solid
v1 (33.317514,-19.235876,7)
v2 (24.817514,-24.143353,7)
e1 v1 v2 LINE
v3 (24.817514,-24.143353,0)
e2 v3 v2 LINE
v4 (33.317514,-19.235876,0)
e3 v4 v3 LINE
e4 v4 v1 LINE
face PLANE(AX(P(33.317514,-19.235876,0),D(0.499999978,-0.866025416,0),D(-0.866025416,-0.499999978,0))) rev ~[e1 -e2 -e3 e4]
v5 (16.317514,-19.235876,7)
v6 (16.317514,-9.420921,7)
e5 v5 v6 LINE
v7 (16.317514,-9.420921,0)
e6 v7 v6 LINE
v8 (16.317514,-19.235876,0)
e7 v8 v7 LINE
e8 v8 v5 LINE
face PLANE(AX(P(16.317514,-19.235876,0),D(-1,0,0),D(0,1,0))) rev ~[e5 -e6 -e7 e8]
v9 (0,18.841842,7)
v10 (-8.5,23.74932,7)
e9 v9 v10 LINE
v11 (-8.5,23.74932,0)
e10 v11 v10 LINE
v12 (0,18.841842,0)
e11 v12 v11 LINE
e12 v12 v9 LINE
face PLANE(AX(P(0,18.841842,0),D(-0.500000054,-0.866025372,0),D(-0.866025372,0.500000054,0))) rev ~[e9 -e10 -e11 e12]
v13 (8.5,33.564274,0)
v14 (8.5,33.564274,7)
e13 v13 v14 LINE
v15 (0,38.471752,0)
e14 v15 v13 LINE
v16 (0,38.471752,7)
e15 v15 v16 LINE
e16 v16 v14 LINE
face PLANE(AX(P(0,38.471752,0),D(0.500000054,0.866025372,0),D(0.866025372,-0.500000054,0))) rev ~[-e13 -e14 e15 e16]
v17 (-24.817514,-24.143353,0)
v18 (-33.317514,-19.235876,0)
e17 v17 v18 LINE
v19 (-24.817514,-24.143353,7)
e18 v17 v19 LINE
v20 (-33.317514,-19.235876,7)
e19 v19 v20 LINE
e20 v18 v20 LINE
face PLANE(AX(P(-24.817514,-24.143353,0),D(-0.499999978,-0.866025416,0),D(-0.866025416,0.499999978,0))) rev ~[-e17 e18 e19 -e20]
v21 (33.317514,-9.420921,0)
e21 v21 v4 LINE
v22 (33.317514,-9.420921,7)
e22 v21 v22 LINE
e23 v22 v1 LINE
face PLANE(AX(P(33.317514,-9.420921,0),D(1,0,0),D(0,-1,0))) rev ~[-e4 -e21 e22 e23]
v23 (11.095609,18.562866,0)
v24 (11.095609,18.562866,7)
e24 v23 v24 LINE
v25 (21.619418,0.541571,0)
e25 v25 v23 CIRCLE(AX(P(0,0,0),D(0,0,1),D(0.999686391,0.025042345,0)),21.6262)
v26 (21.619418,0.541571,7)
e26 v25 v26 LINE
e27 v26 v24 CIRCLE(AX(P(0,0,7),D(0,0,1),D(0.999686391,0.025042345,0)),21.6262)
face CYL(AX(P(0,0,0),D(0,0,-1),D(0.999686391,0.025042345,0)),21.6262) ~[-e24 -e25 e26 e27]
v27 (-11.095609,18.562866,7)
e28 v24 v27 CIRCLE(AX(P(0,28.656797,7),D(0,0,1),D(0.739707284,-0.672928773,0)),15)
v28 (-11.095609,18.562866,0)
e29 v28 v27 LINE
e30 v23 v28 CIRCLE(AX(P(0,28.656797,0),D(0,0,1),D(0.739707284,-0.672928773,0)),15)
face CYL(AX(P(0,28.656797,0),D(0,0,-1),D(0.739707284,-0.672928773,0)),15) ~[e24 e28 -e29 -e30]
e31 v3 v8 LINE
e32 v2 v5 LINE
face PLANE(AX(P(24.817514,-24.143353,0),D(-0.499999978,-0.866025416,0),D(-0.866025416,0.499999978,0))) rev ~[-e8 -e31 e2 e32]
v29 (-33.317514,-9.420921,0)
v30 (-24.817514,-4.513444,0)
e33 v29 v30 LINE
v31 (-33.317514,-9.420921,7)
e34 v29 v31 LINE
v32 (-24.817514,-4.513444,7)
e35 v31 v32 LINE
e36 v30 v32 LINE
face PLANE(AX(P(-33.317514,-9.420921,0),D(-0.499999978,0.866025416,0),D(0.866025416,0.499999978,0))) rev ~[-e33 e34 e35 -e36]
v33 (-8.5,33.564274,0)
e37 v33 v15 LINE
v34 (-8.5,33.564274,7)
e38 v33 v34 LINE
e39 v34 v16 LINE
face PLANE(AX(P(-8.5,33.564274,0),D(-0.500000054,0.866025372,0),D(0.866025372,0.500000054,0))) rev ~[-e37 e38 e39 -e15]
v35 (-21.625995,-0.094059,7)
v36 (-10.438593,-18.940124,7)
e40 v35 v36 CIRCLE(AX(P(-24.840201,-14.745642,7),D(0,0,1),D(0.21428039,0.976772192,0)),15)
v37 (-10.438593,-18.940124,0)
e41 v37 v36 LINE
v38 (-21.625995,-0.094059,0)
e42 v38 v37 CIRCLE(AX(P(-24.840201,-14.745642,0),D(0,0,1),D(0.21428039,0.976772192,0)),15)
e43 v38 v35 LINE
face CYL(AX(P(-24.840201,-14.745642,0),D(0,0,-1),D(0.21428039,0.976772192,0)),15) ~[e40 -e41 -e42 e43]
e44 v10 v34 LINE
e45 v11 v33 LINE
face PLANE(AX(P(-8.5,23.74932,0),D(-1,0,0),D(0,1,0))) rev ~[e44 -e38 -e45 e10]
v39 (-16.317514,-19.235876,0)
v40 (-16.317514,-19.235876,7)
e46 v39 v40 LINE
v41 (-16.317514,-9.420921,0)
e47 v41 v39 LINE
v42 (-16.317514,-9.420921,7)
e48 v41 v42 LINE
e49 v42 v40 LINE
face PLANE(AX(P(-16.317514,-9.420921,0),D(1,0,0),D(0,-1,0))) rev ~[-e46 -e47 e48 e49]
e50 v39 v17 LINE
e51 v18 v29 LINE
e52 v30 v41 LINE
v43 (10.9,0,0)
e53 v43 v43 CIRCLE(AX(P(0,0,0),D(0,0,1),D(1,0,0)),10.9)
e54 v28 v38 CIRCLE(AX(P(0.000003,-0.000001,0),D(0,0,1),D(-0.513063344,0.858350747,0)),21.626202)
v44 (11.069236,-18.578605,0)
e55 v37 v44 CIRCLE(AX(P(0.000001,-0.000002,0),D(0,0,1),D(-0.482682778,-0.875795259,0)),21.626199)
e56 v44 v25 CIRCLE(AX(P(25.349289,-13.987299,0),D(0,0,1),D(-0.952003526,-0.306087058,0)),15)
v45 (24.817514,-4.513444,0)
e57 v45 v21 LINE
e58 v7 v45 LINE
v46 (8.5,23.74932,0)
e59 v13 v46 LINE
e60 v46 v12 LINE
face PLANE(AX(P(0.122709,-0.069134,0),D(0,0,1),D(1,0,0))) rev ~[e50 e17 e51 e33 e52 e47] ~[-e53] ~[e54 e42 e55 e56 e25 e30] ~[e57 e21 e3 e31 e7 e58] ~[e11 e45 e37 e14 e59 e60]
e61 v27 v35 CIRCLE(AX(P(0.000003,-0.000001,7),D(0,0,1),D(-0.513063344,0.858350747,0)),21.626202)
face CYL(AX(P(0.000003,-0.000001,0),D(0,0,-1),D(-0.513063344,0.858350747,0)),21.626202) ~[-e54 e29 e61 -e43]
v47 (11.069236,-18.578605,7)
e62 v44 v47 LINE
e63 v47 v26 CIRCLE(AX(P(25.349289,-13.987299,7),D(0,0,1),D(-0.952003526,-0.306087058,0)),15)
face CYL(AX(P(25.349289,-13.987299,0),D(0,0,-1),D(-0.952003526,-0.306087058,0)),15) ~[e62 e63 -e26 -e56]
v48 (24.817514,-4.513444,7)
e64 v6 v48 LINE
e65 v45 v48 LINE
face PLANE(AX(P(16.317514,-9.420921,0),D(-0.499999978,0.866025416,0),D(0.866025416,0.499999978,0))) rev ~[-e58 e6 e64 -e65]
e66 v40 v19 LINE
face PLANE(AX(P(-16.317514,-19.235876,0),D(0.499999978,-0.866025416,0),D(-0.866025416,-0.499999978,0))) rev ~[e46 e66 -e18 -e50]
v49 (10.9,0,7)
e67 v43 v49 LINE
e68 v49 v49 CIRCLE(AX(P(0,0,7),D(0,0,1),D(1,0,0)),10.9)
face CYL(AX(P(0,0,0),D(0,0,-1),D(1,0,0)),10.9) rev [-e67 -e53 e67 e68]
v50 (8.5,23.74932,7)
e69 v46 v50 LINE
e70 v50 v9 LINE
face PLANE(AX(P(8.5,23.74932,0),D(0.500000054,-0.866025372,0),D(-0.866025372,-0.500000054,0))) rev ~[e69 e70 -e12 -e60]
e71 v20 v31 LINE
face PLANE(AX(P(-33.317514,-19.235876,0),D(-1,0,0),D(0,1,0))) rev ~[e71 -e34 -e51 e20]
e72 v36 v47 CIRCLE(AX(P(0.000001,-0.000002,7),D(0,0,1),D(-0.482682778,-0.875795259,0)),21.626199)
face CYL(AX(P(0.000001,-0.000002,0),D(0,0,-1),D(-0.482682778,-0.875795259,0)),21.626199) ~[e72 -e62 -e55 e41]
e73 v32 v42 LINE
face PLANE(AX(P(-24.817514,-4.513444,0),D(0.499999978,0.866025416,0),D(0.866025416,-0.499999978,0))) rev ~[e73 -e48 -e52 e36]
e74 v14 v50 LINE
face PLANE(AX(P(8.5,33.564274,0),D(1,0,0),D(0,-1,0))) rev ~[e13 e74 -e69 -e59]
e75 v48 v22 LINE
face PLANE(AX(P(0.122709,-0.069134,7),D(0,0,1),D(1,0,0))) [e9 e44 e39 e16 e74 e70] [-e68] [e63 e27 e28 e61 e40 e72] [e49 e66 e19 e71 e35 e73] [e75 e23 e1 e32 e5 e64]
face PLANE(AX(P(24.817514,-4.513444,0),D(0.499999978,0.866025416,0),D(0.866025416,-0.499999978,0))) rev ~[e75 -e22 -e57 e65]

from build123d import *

# Parameters (mm, degrees)
F0_R     = 10.9
F1_DEPTH = 7


with BuildPart() as f1:
    # F0 (on Top) → F1 (new body)
    with BuildSketch(Plane.XY):
        with BuildLine():
            ThreePointArc((21.619418, 0.541571), (18.675118, 10.905618), (11.095609, 18.562866))
            ThreePointArc((11.095609, 18.562866), (0, 43.656797), (-11.095609, 18.562866))
            ThreePointArc((-11.095609, 18.562866), (-18.833376, 10.629979), (-21.625995, -0.094059))
            ThreePointArc((-21.625995, -0.094059), (-37.738757, -22.402484), (-10.438593, -18.940124))
            ThreePointArc((-10.438593, -18.940124), (0.363458, -21.623146), (11.069236, -18.578605))
            ThreePointArc((11.069236, -18.578605), (38.482629, -21.234049), (21.619418, 0.541571))
        make_face()
        Polygon((-16.317514, -19.235876), (-24.817514, -24.143353), (-33.317514, -19.235876), (-33.317514, -9.420921), (-24.817514, -4.513444), (-16.317514, -9.420921), align=None, mode=Mode.SUBTRACT)
        Circle(F0_R, mode=Mode.SUBTRACT)
        Polygon((24.817514, -4.513444), (33.317514, -9.420921), (33.317514, -19.235876), (24.817514, -24.143353), (16.317514, -19.235876), (16.317514, -9.420921), align=None, mode=Mode.SUBTRACT)
        Polygon((0, 38.471752), (8.5, 33.564274), (8.5, 23.74932), (0, 18.841842), (-8.5, 23.74932), (-8.5, 33.564274), align=None, mode=Mode.SUBTRACT)
    extrude(amount=F1_DEPTH)


solid = f1.part
